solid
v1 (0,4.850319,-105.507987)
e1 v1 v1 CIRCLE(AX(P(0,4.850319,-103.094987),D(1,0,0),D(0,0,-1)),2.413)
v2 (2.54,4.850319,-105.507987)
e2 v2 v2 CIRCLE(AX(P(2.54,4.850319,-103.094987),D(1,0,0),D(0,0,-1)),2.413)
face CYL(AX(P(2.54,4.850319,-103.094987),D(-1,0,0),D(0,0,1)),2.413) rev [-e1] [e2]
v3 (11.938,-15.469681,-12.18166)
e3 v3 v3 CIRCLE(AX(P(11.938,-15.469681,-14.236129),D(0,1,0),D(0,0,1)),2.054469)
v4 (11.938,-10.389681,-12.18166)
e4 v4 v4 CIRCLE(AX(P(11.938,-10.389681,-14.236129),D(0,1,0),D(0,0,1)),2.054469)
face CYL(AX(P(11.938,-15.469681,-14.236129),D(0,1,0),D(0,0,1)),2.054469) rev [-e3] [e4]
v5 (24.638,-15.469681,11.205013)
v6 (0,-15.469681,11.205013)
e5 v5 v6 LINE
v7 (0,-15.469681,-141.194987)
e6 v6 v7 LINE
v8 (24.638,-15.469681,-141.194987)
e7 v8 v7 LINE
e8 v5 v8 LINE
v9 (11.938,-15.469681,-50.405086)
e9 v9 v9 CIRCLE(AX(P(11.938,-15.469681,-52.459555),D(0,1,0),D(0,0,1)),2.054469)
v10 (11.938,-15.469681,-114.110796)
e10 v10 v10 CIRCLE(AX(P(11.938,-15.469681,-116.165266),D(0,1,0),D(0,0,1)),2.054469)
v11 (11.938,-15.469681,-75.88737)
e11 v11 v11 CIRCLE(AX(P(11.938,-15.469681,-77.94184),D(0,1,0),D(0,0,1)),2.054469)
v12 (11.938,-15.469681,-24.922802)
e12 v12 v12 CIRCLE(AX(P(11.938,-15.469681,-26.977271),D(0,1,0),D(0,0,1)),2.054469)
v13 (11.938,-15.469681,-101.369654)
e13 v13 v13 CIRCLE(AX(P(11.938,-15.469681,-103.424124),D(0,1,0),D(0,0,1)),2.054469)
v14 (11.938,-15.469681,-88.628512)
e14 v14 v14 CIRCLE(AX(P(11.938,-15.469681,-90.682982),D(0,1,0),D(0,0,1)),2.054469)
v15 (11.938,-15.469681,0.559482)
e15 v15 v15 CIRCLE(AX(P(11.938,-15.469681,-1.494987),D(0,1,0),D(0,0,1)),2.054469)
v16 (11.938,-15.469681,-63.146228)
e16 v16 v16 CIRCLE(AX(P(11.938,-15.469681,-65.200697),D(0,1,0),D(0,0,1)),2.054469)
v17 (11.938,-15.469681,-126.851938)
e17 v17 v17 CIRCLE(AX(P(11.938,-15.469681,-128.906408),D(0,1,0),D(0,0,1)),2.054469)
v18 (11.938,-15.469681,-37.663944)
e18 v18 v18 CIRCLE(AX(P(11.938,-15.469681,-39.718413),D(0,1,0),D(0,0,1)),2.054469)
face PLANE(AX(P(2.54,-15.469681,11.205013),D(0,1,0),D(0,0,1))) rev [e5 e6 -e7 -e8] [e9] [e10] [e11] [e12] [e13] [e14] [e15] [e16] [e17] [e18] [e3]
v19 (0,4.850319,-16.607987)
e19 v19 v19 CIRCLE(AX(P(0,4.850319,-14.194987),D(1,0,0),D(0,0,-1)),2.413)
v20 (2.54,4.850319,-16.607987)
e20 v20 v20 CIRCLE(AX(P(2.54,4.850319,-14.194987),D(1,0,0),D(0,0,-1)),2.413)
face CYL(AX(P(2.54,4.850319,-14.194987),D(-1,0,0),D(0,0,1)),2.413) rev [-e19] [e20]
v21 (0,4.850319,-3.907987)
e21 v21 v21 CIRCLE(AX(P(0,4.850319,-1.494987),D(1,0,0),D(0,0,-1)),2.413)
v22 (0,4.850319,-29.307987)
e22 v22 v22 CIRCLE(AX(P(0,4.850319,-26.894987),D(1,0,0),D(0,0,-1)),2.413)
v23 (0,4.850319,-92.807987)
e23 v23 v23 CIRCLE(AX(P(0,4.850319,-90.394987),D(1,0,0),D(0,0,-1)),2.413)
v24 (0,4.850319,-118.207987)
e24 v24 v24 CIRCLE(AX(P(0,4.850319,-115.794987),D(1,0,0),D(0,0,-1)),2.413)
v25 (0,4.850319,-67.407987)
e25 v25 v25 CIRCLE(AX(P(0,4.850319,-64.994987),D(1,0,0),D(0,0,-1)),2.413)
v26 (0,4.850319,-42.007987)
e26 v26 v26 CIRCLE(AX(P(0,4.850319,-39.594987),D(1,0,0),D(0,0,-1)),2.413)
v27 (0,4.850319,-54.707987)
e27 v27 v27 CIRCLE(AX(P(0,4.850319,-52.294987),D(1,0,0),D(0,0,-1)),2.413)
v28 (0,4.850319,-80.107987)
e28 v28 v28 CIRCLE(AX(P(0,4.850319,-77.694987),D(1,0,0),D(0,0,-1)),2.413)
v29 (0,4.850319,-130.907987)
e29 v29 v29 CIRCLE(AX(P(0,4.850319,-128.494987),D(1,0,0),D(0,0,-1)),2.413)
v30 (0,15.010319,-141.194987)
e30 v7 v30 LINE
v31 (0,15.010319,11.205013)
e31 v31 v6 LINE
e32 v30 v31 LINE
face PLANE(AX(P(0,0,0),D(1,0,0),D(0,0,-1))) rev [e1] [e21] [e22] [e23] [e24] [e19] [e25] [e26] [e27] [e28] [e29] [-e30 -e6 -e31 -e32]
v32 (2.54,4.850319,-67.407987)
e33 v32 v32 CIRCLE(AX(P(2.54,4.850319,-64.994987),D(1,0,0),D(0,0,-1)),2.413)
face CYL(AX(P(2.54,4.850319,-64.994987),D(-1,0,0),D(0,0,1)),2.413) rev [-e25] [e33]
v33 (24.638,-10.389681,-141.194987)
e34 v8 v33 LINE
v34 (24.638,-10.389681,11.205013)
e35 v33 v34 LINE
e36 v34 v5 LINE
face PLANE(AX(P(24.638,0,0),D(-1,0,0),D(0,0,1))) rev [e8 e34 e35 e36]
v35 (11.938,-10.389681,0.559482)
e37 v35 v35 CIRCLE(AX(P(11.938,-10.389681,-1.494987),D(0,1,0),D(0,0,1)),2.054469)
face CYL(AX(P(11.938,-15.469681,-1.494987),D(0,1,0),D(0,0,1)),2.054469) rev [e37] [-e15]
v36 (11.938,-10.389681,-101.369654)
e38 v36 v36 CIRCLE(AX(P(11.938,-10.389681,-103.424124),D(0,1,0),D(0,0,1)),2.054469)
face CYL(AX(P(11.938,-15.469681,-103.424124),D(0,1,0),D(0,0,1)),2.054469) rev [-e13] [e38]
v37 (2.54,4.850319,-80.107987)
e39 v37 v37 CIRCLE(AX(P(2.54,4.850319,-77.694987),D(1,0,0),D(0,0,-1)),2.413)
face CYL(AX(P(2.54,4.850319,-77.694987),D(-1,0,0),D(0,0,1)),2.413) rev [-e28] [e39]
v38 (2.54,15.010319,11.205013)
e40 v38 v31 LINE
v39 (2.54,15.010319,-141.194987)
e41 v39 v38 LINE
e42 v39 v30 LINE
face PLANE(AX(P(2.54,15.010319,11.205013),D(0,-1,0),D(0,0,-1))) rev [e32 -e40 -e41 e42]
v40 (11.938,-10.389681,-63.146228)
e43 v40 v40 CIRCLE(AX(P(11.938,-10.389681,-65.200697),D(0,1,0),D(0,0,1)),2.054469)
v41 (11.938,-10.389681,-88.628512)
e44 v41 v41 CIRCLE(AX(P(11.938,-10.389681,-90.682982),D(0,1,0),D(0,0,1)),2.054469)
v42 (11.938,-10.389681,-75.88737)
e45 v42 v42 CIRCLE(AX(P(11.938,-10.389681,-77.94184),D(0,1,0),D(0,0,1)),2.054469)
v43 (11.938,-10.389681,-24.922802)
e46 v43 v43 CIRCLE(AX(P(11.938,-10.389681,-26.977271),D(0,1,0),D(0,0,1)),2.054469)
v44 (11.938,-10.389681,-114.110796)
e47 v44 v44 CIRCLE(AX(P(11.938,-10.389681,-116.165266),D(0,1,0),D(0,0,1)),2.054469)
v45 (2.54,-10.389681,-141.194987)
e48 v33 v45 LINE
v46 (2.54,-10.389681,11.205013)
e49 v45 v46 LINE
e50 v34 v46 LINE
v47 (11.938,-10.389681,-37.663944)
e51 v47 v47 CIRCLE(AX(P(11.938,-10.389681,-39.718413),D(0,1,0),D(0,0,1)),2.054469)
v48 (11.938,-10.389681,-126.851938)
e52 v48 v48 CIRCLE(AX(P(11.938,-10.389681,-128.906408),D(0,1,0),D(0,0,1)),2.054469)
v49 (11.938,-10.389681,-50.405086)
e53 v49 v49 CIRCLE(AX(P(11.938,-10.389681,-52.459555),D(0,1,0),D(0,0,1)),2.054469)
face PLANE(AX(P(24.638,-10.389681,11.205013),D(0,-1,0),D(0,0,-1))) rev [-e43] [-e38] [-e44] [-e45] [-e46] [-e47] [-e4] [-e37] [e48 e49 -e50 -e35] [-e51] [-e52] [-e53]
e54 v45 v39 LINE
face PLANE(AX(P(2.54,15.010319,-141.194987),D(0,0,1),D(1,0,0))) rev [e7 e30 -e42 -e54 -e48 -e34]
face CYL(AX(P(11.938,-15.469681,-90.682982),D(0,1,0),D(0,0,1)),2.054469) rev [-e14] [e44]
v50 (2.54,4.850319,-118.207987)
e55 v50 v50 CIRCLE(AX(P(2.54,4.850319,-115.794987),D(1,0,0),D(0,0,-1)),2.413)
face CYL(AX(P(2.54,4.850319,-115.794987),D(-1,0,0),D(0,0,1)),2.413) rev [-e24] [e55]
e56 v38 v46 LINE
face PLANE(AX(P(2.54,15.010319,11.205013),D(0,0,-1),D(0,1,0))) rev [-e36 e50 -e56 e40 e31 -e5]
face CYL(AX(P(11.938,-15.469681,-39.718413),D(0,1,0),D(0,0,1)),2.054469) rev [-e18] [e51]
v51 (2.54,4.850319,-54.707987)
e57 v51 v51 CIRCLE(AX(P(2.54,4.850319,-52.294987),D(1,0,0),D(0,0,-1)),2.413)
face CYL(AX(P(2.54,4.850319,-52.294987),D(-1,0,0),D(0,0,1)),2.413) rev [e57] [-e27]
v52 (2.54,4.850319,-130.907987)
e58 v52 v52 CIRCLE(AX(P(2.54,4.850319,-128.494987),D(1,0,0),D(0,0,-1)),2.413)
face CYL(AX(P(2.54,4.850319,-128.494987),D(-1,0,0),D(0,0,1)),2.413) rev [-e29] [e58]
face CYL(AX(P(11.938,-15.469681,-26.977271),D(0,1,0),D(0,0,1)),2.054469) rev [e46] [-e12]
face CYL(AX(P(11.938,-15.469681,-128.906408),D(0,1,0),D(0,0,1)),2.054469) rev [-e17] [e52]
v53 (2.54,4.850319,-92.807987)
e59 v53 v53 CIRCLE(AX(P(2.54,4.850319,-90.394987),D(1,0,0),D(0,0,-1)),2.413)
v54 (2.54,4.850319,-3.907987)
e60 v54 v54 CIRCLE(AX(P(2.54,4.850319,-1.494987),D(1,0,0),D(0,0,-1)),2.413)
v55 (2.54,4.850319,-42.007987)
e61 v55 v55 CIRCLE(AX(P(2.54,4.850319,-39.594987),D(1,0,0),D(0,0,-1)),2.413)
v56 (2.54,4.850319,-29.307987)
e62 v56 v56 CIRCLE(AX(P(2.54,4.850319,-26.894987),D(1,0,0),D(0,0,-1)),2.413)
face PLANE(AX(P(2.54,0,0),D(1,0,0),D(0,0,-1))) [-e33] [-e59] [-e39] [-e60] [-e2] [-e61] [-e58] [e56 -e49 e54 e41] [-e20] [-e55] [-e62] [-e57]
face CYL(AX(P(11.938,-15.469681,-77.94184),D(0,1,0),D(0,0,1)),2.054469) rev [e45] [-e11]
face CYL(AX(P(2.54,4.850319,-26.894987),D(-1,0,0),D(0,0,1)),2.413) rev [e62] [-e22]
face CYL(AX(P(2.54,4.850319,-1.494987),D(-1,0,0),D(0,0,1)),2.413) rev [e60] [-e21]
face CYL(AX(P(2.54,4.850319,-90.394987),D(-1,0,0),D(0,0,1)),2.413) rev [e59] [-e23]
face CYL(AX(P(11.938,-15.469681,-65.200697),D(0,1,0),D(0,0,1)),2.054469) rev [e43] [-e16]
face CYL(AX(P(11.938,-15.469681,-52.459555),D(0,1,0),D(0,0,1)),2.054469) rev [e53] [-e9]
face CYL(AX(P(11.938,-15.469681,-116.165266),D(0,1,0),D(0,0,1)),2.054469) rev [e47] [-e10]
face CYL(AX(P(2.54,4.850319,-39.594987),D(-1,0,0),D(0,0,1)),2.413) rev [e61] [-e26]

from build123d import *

# Parameters (mm, degrees)
SKETCH1_W           = 152.4
SKETCH1_H           = 30.48
SKETCH1_R           = 2.413
BOSS_EXTRUDE1_DEPTH = 2.54
SKETCH2_W           = 152.4
SKETCH2_H           = 5.08
BOSS_EXTRUDE2_DEPTH = 22.098
SKETCH3_R           = 2.054469346
CUT_EXTRUDE1_DEPTH  = 146.561723888


with BuildPart() as part:
    # Sketch1 → Boss-Extrude1 (new body)
    with BuildSketch(Plane(origin=(0, 0, 0), x_dir=(0, 0, -1), z_dir=(1, 0, 0))):
        with Locations((64.994987224, -0.229680851)):
            Rectangle(SKETCH1_W, SKETCH1_H)
        with Locations((1.494987224, 4.850319149)):
            Circle(SKETCH1_R, mode=Mode.SUBTRACT)
        with Locations((14.194987224, 4.850319149)):
            Circle(SKETCH1_R, mode=Mode.SUBTRACT)
        with Locations((26.894987224, 4.850319149)):
            Circle(SKETCH1_R, mode=Mode.SUBTRACT)
        with Locations((39.594987224, 4.850319149)):
            Circle(SKETCH1_R, mode=Mode.SUBTRACT)
        with Locations((52.294987224, 4.850319149)):
            Circle(SKETCH1_R, mode=Mode.SUBTRACT)
        with Locations((64.994987224, 4.850319149)):
            Circle(SKETCH1_R, mode=Mode.SUBTRACT)
        with Locations((77.694987224, 4.850319149)):
            Circle(SKETCH1_R, mode=Mode.SUBTRACT)
        with Locations((90.394987224, 4.850319149)):
            Circle(SKETCH1_R, mode=Mode.SUBTRACT)
        with Locations((103.094987224, 4.850319149)):
            Circle(SKETCH1_R, mode=Mode.SUBTRACT)
        with Locations((115.794987224, 4.850319149)):
            Circle(SKETCH1_R, mode=Mode.SUBTRACT)
        with Locations((128.494987224, 4.850319149)):
            Circle(SKETCH1_R, mode=Mode.SUBTRACT)
    extrude(amount=BOSS_EXTRUDE1_DEPTH)

    # Sketch2 → Boss-Extrude2 (add)
    with BuildSketch(Plane(origin=(2.54, 0, 0), x_dir=(0, 0, -1), z_dir=(1, 0, 0))):
        with Locations((64.994987224, -12.929680851)):
            Rectangle(SKETCH2_W, SKETCH2_H)
    extrude(amount=BOSS_EXTRUDE2_DEPTH)

    # Sketch3 → Cut-Extrude1 (cut, through all)
    with BuildSketch(Plane(origin=(0, -10.389680851, 0), x_dir=(1, 0, 0), z_dir=(0, 1, 0))):
        with Locations(Location((11.938, 1.494987224, 0), (0, 0, 270))):
            Circle(SKETCH3_R)
        with Locations(Location((11.938, 14.236129272, 0), (0, 0, 270))):
            Circle(SKETCH3_R)
        with Locations(Location((11.938, 26.977271321, 0), (0, 0, 270))):
            Circle(SKETCH3_R)
        with Locations(Location((11.938, 39.71841337, 0), (0, 0, 270))):
            Circle(SKETCH3_R)
        with Locations(Location((11.938, 52.459555419, 0), (0, 0, 270))):
            Circle(SKETCH3_R)
        with Locations(Location((11.938, 65.200697467, 0), (0, 0, 270))):
            Circle(SKETCH3_R)
        with Locations(Location((11.938, 77.941839516, 0), (0, 0, 270))):
            Circle(SKETCH3_R)
        with Locations(Location((11.938, 90.682981565, 0), (0, 0, 270))):
            Circle(SKETCH3_R)
        with Locations(Location((11.938, 103.424123614, 0), (0, 0, 270))):
            Circle(SKETCH3_R)
        with Locations(Location((11.938, 116.165265662, 0), (0, 0, 270))):
            Circle(SKETCH3_R)
        with Locations(Location((11.938, 128.906407711, 0), (0, 0, 270))):
            Circle(SKETCH3_R)
    extrude(amount=-CUT_EXTRUDE1_DEPTH, mode=Mode.SUBTRACT)


solid = part.part
